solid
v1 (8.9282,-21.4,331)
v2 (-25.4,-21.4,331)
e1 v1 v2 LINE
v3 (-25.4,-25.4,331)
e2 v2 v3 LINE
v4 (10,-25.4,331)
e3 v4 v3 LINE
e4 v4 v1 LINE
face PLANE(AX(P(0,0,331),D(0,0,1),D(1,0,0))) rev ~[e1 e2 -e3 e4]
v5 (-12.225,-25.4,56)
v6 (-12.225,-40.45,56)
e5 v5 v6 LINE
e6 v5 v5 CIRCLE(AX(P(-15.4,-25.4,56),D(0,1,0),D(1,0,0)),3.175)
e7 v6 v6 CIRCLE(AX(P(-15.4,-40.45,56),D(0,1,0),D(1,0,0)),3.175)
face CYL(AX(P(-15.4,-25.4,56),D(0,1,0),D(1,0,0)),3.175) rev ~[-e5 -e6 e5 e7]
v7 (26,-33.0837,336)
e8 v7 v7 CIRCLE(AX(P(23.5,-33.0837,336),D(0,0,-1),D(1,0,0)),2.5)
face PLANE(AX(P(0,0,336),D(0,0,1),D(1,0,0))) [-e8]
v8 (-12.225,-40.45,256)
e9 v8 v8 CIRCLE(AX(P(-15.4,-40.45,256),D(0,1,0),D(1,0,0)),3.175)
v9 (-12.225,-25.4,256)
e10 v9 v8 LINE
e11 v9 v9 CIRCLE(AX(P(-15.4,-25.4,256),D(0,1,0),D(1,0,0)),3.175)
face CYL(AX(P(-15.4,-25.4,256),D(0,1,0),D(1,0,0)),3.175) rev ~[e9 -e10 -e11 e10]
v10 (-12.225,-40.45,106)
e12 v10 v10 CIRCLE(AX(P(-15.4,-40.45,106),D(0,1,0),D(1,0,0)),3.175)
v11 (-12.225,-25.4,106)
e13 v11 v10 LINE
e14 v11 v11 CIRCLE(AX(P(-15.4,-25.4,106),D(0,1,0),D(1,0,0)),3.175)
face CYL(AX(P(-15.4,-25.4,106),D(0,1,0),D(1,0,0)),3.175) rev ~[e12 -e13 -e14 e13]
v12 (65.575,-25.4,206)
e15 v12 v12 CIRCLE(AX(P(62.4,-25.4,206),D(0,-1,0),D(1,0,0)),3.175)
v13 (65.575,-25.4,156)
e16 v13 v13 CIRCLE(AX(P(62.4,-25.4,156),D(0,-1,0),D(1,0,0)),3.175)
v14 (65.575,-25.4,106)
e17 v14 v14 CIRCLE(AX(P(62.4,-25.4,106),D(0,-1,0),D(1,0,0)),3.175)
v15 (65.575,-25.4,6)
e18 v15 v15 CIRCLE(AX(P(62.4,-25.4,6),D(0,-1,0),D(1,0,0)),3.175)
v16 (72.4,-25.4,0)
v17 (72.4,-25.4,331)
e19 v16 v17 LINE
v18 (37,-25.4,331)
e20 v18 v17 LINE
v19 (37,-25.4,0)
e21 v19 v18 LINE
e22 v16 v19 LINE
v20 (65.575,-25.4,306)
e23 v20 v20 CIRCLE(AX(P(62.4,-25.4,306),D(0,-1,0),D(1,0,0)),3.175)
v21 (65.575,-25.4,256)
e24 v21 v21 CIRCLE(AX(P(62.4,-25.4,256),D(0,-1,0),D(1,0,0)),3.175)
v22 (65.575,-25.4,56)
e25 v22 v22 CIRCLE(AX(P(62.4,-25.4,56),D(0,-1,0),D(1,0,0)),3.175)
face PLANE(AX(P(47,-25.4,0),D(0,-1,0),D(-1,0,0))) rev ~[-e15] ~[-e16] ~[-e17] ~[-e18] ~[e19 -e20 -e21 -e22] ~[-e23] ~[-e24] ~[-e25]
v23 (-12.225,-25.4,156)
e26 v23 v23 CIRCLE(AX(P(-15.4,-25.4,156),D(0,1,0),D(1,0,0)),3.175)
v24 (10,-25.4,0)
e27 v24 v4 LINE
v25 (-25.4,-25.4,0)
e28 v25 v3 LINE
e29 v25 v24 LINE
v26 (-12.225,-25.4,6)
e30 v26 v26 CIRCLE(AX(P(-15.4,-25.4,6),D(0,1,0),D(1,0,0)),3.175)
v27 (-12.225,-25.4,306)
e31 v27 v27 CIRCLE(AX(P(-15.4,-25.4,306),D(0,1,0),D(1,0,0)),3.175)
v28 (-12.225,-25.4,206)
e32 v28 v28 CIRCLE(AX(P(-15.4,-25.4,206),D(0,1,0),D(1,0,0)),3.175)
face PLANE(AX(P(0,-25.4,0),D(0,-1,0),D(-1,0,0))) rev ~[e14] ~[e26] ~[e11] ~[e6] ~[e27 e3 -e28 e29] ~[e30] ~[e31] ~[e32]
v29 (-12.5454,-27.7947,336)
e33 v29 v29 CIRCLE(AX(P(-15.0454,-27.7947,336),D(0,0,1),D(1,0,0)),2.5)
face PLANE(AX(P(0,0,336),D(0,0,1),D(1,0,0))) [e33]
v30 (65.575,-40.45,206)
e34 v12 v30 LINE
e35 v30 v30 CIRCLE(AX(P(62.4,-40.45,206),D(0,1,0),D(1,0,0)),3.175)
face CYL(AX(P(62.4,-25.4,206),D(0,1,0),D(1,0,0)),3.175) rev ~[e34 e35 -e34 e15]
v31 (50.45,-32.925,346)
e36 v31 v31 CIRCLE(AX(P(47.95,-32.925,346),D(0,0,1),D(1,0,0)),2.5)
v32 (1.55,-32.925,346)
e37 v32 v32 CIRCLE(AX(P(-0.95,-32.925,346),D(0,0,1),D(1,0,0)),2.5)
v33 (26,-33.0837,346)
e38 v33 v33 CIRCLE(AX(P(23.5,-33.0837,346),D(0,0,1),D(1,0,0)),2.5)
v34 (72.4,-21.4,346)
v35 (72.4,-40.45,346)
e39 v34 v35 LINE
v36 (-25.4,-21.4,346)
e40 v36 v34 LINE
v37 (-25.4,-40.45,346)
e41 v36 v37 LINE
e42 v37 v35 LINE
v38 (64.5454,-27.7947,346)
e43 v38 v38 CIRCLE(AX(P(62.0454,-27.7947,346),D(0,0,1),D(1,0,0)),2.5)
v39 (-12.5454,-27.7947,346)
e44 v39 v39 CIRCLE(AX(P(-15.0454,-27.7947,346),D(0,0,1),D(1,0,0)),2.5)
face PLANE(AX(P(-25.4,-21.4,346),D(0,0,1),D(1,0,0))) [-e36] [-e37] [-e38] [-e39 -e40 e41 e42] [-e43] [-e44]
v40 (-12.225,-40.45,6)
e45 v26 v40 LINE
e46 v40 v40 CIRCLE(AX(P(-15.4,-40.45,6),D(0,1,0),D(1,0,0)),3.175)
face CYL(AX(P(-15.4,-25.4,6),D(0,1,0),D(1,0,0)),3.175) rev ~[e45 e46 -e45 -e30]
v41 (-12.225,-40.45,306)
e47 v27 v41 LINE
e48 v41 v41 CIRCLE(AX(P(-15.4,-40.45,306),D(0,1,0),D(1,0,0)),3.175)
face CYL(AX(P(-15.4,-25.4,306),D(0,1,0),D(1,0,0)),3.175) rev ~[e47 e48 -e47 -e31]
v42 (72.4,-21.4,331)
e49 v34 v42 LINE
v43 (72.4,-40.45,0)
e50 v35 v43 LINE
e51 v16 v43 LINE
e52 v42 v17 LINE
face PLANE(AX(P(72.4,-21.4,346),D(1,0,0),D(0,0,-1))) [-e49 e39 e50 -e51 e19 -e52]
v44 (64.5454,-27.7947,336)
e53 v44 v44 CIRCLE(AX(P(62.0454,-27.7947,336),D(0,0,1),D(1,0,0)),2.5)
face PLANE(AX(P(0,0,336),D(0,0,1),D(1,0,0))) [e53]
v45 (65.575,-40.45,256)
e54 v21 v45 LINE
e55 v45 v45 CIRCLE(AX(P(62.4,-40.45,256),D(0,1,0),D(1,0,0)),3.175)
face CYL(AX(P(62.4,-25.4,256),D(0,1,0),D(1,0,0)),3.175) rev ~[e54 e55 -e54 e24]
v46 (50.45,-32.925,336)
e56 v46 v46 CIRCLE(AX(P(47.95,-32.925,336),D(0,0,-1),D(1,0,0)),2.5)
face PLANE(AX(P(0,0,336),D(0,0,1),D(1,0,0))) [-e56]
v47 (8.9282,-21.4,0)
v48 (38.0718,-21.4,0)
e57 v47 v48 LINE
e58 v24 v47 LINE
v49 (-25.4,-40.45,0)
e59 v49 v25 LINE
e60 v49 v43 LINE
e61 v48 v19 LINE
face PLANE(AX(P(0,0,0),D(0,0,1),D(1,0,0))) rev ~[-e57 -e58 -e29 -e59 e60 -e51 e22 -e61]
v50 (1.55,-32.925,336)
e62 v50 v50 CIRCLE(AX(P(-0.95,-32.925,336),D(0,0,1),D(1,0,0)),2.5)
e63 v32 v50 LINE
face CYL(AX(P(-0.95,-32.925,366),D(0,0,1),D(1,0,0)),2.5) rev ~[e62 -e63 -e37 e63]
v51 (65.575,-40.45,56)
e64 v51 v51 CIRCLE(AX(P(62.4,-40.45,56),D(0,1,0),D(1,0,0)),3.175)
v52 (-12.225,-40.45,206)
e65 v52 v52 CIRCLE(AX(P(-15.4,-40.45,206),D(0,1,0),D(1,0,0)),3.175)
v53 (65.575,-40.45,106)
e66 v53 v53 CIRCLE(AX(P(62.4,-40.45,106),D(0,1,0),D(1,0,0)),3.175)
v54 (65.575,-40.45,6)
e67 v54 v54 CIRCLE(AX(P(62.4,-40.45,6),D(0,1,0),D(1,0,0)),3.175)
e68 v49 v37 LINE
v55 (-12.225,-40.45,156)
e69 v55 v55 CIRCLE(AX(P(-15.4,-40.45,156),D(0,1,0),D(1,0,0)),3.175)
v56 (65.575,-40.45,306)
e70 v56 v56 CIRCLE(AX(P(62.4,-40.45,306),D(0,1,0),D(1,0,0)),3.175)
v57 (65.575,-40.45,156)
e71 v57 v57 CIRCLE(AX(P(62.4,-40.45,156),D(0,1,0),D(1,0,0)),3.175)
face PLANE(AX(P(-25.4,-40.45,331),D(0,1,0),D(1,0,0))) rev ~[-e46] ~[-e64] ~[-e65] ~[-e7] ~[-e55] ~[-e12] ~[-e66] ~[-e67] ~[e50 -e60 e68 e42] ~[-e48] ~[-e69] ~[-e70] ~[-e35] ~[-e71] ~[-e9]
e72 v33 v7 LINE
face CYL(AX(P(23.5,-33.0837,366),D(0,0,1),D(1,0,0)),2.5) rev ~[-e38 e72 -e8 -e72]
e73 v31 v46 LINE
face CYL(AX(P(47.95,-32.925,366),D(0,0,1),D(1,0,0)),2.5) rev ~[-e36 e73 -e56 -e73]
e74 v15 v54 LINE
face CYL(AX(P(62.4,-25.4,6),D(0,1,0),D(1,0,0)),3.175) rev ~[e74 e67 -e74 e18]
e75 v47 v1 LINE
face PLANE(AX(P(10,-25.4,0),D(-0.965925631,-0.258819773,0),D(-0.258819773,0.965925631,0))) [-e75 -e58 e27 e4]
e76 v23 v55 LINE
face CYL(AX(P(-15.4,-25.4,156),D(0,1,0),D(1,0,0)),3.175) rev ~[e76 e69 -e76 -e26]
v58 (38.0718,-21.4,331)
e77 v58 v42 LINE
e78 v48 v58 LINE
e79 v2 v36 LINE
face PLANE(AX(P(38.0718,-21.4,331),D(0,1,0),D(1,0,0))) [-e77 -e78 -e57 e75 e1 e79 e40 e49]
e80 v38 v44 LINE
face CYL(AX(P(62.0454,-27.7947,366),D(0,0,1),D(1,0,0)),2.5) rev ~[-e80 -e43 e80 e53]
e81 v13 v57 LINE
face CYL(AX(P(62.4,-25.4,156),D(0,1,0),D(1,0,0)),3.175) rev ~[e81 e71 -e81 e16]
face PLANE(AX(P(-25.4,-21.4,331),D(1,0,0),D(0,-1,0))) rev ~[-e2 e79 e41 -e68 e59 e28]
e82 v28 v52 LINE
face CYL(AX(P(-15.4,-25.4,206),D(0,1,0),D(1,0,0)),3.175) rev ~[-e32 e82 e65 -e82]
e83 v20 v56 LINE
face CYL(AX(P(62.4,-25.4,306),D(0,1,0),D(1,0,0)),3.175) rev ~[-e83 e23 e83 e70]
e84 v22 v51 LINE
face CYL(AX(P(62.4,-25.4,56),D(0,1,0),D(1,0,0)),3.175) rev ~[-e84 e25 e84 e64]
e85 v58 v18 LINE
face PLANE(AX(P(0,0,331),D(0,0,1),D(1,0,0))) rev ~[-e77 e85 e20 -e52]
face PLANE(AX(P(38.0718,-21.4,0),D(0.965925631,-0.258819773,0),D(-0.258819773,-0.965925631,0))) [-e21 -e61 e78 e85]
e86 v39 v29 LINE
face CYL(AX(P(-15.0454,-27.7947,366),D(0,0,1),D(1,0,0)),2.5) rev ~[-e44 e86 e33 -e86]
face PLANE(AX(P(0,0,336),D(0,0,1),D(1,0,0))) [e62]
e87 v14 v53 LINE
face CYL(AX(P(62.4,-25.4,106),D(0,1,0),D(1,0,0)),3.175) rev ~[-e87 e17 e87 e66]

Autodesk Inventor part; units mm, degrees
ref_plane "YZ Plane" through (0, 0, 0) normal (1, 0, 0) x (0, 1, 0)
ref_plane "XZ Plane" through (0, 0, 0) normal (0, 1, 0) x (-1, 0, 0)
ref_plane "XY Plane" through (0, 0, 0) normal (0, 0, 1) x (1, 0, 0)
sketch "Sketch1" plane through (0, 0, 0) normal (0, 0, 1) x (1, 0, 0)
  line L0 (38.0718, -21.4) -> (37, -25.4)
  line L1 (37, -25.4) -> (38.0718, -21.4)
  line L2 (8.9282, -21.4) -> (38.0718, -21.4)
  line L3 (38.0718, -21.4) -> (8.9282, -21.4)
  line L4 (10, -25.4) -> (8.9282, -21.4)
  line L5 (8.9282, -21.4) -> (10, -25.4)
  line L6 (10, -25.4) -> (0, -25.4)
  line L7 (10, -25.4) -> (0, -25.4)
  line L8 (47, -25.4) -> (37, -25.4)
  line L9 (37, -25.4) -> (47, -25.4)
  line L10 (38.0718, -21.4) -> (37, -25.4)
  line L11 (37, -25.4) -> (38.0718, -21.4)
  line L12 (8.9282, -21.4) -> (38.0718, -21.4)
  line L13 (38.0718, -21.4) -> (8.9282, -21.4)
  line L14 (10, -25.4) -> (8.9282, -21.4)
  line L15 (8.9282, -21.4) -> (10, -25.4)
  line L16 (10, -25.4) -> (0, -25.4)
  line L17 (10, -25.4) -> (0, -25.4)
  line L18 (47, -25.4) -> (37, -25.4)
  line L19 (37, -25.4) -> (47, -25.4)
  line L20 (0, -38.1) -> (47, -38.1)
  line L21 (47, -25.4) -> (72.4, -25.4)
  line L22 (72.4, -25.4) -> (72.4, -38.1)
  line L23 (72.4, -38.1) -> (47, -38.1)
  line L24 (0, -25.4) -> (-25.4, -25.4)
  line L25 (-25.4, -25.4) -> (-25.4, -38.1)
  line L26 (-25.4, -38.1) -> (0, -38.1)
  point P0 (0, 0)
  point P1 (0, 0)
  point P2 (0, 0)
  dimension "d52" = 4
  dimension "d53" = 27
  dimension "d54" = 29.1436
extrude "Extrusion1" add sketch "Sketch1" along normal blind 331
sketch "Sketch4" plane through (0, 0, 0) normal (0, 0, -1) x (-1, 0, 0)
  line L0 (-38.0718, -21.4) -> (-8.9282, -21.4) projected
  line L1 (-8.9282, -21.4) -> (-8.9282, -38.1)
  line L2 (25.4, -38.1) -> (-72.4, -38.1) projected
  line L3 (25.4, -38.1) -> (25.4, -40.45)
  line L4 (25.4, -40.45) -> (-72.4, -40.45)
  line L5 (-72.4, -40.45) -> (-72.4, -38.1)
  line L6 (-72.4, -38.1) -> (25.4, -38.1)
  line L7 (25.4, -38.1) -> (25.4, -40.45)
  point P0 (0, 0)
  dimension "d26" = 2.35
extrude "Extrusion4" add sketch "Sketch4" against normal blind 331
sketch "Sketch3" plane through (37, -25.4, 331) normal (0, 1, 0) x (1, 0, 0)
  line L0 (35.4, 0) -> (0, 0) projected
  line L1 (-28.0718, 0) -> (-27, 0) projected
  line L2 (0, 0) -> (-27, 0)
  line L3 (-27, 0) -> (-13.5, 0)
  line L4 (-13.5, 0) -> (-13.5, 11.6369)
  line L5 (-13.5, 0) -> (-1.8631, 0) construction
  line L6 (35.4, 0) -> (25.4, 0)
  line L7 (25.4, 0) -> (25.4, 25)
  line L8 (25.4, 25) -> (25.4, 75)
  line L9 (25.4, 75) -> (25.4, 125)
  line L10 (25.4, 125) -> (25.4, 175)
  line L11 (25.4, 175) -> (25.4, 225)
  line L12 (25.4, 225) -> (25.4, 275)
  line L13 (25.4, 275) -> (25.4, 325)
  circle A0 centre (25.4, 325) radius 3.175
  circle A1 centre (25.4, 275) radius 3.175
  circle A2 centre (25.4, 225) radius 3.175
  circle A3 centre (25.4, 175) radius 3.175
  circle A4 centre (25.4, 125) radius 3.175
  circle A5 centre (25.4, 75) radius 3.175
  circle A6 centre (25.4, 25) radius 3.175
  circle A7 centre (-52.4, 325) radius 3.175
  circle A8 centre (-52.4, 275) radius 3.175
  circle A9 centre (-52.4, 225) radius 3.175
  circle A10 centre (-52.4, 175) radius 3.175
  circle A11 centre (-52.4, 125) radius 3.175
  circle A12 centre (-52.4, 75) radius 3.175
  circle A13 centre (-52.4, 25) radius 3.175
  point P0 (-37, 331)
  dimension "d8" = 90
  dimension "d9" = 10
  dimension "d10" = 25
  dimension "d11" = 50
  dimension "d12" = 50
  dimension "d13" = 50
  dimension "d14" = 50
  dimension "d15" = 50
  dimension "d16" = 50
  dimension "d17" = 6.35
  dimension "d18" = 6.35
  dimension "d19" = 6.35
  dimension "d20" = 6.35
  dimension "d21" = 6.35
  dimension "d22" = 6.35
  dimension "d23" = 6.35
extrude "Extrusion3" cut sketch "Sketch3" against normal blind 300
sketch "Sketch5" plane through (0, 0, 331) normal (0, 0, 1) x (1, 0, 0)
  line L0 (37, -25.4) -> (38.0718, -21.4) projected
  line L1 (38.0718, -21.4) -> (72.4488, -21.4)
  line L2 (72.4488, -40.7637) -> (72.4488, -13.0005)
  line L3 (-25.4, -25.4) -> (-25.4, -40.45) projected
  line L4 (72.4488, -21.4) -> (-25.4, -21.4)
  line L5 (-25.4, -21.4) -> (-25.4, -40.45)
  line L6 (-25.4, -40.45) -> (72.4488, -40.45)
  line L7 (72.4488, -40.45) -> (72.4488, -21.4)
  point P0 (0, 0)
extrude "Extrusion5" add sketch "Sketch5" along normal blind 35
sketch "Sketch6" plane through (0, 0, 366) normal (0, 0, 1) x (1, 0, 0)
  point P0 (0, 0)
sketch "Sketch7" plane through (72.4, -40.45, 0) normal (1, 0, 0) x (0, 0, -1)
  point P0 (0, 40.45)
sketch "Sketch8" plane through (0, 0, 366) normal (0, 0, 1) x (1, 0, 0)
  line L0 (-25.4, -21.4) -> (-25.4, -40.45) projected
  line L1 (-25.4, -21.4) -> (-25.4, -25.4)
  line L2 (72.4, -40.45) -> (72.4488, -40.45) projected
  line L3 (-25.4, -25.4) -> (72.4488, -40.45)
  line L4 (72.4, -40.45) -> (72.4, -25.4) projected
  line L5 (72.4488, -40.45) -> (72.4, -25.4)
  line L6 (72.4, -25.4) -> (-25.4, -40.45)
  line L7 (23.5, -32.925) -> (-0.95, -32.925)
  line L8 (-0.95, -32.925) -> (47.95, -32.925)
  circle A0 centre (-0.95, -32.925) radius 2.5
  circle A1 centre (23.5, -33.0837) radius 2.5
  circle A2 centre (47.95, -32.925) radius 2.5
  point P0 (0, 0)
  point P1 (-25.4, -38.1)
  dimension "d31" = 4
  dimension "d32" = 24.45
  dimension "d33" = 48.9
  dimension "d34" = 5
  dimension "d35" = 5
  dimension "d36" = 5
extrude "Extrusion6" cut sketch "Sketch8" against normal blind 30 contours A0 | A1 L6 L3 | L3 L7 A1 | A1 L7 L6 | L6 L3 A1 | A1 L8 L6 | A2 | L3 L8 A1
sketch "Sketch9" plane through (0, 0, 366) normal (0, 0, 1) x (1, 0, 0)
  circle A0 centre (-0.95, -32.925) radius 2.5 projected
  line L0 (-0.95, -32.925) -> (13.1454, -27.7947)
  line L1 (-0.95, -32.925) -> (14.05, -32.925) construction
  line L2 (-0.95, -32.925) -> (-15.0454, -27.7947)
  line L3 (-0.95, -32.925) -> (14.05, -32.925) construction
  circle A1 centre (47.95, -32.925) radius 2.5 projected
  line L4 (47.95, -32.925) -> (62.0454, -27.7947)
  line L5 (47.95, -32.925) -> (62.95, -32.925) construction
  circle A2 centre (-15.0454, -27.7947) radius 2.5
  circle A3 centre (62.0454, -27.7947) radius 2.5
  point P0 (0, 0)
  dimension "d39" = 15
  dimension "d40" = 20
  dimension "d41" = 15
  dimension "d42" = 160
  dimension "d43" = 15
  dimension "d44" = 20
  dimension "d45" = 5
  dimension "d46" = 5
extrude "Extrusion7" cut sketch "Sketch9" against normal blind 30 contours A2 | A3
sketch "Sketch10" plane through (8.9282, -21.4, 0) normal (0, 1, 0) x (1, 0, 0)
  line L0 (-34.3282, -331) -> (-34.3282, -366) projected
  line L1 (63.5206, -331) -> (63.5206, -366) projected
  line L2 (-34.3282, -366) -> (63.5206, -366)
  line L3 (63.5206, -366) -> (63.5206, -331)
  line L4 (63.5206, -331) -> (-34.3282, -331)
  line L5 (-34.3282, -331) -> (-34.3282, -366)
  line L6 (63.4718, 0) -> (63.4718, -331) projected
  line L7 (63.4718, -331) -> (-34.3282, -331)
  line L8 (-34.3282, -331) -> (-34.3282, -346)
  line L9 (-34.3282, -346) -> (63.4718, -346)
  line L10 (63.4718, -346) -> (63.4718, -331)
  point P0 (-8.9282, 0)
  point P1 (-34.3282, -346)
  dimension "d49" = 15
extrude "Extrusion8" cut sketch "Sketch10" against normal blind 30 contours L9 L10 L4 L1 L2 L0
properties part number "5212_Bias_TxRx_Relative_Dovetail_Male_MPSv2_v3" material "Polyethylene, High Density"
